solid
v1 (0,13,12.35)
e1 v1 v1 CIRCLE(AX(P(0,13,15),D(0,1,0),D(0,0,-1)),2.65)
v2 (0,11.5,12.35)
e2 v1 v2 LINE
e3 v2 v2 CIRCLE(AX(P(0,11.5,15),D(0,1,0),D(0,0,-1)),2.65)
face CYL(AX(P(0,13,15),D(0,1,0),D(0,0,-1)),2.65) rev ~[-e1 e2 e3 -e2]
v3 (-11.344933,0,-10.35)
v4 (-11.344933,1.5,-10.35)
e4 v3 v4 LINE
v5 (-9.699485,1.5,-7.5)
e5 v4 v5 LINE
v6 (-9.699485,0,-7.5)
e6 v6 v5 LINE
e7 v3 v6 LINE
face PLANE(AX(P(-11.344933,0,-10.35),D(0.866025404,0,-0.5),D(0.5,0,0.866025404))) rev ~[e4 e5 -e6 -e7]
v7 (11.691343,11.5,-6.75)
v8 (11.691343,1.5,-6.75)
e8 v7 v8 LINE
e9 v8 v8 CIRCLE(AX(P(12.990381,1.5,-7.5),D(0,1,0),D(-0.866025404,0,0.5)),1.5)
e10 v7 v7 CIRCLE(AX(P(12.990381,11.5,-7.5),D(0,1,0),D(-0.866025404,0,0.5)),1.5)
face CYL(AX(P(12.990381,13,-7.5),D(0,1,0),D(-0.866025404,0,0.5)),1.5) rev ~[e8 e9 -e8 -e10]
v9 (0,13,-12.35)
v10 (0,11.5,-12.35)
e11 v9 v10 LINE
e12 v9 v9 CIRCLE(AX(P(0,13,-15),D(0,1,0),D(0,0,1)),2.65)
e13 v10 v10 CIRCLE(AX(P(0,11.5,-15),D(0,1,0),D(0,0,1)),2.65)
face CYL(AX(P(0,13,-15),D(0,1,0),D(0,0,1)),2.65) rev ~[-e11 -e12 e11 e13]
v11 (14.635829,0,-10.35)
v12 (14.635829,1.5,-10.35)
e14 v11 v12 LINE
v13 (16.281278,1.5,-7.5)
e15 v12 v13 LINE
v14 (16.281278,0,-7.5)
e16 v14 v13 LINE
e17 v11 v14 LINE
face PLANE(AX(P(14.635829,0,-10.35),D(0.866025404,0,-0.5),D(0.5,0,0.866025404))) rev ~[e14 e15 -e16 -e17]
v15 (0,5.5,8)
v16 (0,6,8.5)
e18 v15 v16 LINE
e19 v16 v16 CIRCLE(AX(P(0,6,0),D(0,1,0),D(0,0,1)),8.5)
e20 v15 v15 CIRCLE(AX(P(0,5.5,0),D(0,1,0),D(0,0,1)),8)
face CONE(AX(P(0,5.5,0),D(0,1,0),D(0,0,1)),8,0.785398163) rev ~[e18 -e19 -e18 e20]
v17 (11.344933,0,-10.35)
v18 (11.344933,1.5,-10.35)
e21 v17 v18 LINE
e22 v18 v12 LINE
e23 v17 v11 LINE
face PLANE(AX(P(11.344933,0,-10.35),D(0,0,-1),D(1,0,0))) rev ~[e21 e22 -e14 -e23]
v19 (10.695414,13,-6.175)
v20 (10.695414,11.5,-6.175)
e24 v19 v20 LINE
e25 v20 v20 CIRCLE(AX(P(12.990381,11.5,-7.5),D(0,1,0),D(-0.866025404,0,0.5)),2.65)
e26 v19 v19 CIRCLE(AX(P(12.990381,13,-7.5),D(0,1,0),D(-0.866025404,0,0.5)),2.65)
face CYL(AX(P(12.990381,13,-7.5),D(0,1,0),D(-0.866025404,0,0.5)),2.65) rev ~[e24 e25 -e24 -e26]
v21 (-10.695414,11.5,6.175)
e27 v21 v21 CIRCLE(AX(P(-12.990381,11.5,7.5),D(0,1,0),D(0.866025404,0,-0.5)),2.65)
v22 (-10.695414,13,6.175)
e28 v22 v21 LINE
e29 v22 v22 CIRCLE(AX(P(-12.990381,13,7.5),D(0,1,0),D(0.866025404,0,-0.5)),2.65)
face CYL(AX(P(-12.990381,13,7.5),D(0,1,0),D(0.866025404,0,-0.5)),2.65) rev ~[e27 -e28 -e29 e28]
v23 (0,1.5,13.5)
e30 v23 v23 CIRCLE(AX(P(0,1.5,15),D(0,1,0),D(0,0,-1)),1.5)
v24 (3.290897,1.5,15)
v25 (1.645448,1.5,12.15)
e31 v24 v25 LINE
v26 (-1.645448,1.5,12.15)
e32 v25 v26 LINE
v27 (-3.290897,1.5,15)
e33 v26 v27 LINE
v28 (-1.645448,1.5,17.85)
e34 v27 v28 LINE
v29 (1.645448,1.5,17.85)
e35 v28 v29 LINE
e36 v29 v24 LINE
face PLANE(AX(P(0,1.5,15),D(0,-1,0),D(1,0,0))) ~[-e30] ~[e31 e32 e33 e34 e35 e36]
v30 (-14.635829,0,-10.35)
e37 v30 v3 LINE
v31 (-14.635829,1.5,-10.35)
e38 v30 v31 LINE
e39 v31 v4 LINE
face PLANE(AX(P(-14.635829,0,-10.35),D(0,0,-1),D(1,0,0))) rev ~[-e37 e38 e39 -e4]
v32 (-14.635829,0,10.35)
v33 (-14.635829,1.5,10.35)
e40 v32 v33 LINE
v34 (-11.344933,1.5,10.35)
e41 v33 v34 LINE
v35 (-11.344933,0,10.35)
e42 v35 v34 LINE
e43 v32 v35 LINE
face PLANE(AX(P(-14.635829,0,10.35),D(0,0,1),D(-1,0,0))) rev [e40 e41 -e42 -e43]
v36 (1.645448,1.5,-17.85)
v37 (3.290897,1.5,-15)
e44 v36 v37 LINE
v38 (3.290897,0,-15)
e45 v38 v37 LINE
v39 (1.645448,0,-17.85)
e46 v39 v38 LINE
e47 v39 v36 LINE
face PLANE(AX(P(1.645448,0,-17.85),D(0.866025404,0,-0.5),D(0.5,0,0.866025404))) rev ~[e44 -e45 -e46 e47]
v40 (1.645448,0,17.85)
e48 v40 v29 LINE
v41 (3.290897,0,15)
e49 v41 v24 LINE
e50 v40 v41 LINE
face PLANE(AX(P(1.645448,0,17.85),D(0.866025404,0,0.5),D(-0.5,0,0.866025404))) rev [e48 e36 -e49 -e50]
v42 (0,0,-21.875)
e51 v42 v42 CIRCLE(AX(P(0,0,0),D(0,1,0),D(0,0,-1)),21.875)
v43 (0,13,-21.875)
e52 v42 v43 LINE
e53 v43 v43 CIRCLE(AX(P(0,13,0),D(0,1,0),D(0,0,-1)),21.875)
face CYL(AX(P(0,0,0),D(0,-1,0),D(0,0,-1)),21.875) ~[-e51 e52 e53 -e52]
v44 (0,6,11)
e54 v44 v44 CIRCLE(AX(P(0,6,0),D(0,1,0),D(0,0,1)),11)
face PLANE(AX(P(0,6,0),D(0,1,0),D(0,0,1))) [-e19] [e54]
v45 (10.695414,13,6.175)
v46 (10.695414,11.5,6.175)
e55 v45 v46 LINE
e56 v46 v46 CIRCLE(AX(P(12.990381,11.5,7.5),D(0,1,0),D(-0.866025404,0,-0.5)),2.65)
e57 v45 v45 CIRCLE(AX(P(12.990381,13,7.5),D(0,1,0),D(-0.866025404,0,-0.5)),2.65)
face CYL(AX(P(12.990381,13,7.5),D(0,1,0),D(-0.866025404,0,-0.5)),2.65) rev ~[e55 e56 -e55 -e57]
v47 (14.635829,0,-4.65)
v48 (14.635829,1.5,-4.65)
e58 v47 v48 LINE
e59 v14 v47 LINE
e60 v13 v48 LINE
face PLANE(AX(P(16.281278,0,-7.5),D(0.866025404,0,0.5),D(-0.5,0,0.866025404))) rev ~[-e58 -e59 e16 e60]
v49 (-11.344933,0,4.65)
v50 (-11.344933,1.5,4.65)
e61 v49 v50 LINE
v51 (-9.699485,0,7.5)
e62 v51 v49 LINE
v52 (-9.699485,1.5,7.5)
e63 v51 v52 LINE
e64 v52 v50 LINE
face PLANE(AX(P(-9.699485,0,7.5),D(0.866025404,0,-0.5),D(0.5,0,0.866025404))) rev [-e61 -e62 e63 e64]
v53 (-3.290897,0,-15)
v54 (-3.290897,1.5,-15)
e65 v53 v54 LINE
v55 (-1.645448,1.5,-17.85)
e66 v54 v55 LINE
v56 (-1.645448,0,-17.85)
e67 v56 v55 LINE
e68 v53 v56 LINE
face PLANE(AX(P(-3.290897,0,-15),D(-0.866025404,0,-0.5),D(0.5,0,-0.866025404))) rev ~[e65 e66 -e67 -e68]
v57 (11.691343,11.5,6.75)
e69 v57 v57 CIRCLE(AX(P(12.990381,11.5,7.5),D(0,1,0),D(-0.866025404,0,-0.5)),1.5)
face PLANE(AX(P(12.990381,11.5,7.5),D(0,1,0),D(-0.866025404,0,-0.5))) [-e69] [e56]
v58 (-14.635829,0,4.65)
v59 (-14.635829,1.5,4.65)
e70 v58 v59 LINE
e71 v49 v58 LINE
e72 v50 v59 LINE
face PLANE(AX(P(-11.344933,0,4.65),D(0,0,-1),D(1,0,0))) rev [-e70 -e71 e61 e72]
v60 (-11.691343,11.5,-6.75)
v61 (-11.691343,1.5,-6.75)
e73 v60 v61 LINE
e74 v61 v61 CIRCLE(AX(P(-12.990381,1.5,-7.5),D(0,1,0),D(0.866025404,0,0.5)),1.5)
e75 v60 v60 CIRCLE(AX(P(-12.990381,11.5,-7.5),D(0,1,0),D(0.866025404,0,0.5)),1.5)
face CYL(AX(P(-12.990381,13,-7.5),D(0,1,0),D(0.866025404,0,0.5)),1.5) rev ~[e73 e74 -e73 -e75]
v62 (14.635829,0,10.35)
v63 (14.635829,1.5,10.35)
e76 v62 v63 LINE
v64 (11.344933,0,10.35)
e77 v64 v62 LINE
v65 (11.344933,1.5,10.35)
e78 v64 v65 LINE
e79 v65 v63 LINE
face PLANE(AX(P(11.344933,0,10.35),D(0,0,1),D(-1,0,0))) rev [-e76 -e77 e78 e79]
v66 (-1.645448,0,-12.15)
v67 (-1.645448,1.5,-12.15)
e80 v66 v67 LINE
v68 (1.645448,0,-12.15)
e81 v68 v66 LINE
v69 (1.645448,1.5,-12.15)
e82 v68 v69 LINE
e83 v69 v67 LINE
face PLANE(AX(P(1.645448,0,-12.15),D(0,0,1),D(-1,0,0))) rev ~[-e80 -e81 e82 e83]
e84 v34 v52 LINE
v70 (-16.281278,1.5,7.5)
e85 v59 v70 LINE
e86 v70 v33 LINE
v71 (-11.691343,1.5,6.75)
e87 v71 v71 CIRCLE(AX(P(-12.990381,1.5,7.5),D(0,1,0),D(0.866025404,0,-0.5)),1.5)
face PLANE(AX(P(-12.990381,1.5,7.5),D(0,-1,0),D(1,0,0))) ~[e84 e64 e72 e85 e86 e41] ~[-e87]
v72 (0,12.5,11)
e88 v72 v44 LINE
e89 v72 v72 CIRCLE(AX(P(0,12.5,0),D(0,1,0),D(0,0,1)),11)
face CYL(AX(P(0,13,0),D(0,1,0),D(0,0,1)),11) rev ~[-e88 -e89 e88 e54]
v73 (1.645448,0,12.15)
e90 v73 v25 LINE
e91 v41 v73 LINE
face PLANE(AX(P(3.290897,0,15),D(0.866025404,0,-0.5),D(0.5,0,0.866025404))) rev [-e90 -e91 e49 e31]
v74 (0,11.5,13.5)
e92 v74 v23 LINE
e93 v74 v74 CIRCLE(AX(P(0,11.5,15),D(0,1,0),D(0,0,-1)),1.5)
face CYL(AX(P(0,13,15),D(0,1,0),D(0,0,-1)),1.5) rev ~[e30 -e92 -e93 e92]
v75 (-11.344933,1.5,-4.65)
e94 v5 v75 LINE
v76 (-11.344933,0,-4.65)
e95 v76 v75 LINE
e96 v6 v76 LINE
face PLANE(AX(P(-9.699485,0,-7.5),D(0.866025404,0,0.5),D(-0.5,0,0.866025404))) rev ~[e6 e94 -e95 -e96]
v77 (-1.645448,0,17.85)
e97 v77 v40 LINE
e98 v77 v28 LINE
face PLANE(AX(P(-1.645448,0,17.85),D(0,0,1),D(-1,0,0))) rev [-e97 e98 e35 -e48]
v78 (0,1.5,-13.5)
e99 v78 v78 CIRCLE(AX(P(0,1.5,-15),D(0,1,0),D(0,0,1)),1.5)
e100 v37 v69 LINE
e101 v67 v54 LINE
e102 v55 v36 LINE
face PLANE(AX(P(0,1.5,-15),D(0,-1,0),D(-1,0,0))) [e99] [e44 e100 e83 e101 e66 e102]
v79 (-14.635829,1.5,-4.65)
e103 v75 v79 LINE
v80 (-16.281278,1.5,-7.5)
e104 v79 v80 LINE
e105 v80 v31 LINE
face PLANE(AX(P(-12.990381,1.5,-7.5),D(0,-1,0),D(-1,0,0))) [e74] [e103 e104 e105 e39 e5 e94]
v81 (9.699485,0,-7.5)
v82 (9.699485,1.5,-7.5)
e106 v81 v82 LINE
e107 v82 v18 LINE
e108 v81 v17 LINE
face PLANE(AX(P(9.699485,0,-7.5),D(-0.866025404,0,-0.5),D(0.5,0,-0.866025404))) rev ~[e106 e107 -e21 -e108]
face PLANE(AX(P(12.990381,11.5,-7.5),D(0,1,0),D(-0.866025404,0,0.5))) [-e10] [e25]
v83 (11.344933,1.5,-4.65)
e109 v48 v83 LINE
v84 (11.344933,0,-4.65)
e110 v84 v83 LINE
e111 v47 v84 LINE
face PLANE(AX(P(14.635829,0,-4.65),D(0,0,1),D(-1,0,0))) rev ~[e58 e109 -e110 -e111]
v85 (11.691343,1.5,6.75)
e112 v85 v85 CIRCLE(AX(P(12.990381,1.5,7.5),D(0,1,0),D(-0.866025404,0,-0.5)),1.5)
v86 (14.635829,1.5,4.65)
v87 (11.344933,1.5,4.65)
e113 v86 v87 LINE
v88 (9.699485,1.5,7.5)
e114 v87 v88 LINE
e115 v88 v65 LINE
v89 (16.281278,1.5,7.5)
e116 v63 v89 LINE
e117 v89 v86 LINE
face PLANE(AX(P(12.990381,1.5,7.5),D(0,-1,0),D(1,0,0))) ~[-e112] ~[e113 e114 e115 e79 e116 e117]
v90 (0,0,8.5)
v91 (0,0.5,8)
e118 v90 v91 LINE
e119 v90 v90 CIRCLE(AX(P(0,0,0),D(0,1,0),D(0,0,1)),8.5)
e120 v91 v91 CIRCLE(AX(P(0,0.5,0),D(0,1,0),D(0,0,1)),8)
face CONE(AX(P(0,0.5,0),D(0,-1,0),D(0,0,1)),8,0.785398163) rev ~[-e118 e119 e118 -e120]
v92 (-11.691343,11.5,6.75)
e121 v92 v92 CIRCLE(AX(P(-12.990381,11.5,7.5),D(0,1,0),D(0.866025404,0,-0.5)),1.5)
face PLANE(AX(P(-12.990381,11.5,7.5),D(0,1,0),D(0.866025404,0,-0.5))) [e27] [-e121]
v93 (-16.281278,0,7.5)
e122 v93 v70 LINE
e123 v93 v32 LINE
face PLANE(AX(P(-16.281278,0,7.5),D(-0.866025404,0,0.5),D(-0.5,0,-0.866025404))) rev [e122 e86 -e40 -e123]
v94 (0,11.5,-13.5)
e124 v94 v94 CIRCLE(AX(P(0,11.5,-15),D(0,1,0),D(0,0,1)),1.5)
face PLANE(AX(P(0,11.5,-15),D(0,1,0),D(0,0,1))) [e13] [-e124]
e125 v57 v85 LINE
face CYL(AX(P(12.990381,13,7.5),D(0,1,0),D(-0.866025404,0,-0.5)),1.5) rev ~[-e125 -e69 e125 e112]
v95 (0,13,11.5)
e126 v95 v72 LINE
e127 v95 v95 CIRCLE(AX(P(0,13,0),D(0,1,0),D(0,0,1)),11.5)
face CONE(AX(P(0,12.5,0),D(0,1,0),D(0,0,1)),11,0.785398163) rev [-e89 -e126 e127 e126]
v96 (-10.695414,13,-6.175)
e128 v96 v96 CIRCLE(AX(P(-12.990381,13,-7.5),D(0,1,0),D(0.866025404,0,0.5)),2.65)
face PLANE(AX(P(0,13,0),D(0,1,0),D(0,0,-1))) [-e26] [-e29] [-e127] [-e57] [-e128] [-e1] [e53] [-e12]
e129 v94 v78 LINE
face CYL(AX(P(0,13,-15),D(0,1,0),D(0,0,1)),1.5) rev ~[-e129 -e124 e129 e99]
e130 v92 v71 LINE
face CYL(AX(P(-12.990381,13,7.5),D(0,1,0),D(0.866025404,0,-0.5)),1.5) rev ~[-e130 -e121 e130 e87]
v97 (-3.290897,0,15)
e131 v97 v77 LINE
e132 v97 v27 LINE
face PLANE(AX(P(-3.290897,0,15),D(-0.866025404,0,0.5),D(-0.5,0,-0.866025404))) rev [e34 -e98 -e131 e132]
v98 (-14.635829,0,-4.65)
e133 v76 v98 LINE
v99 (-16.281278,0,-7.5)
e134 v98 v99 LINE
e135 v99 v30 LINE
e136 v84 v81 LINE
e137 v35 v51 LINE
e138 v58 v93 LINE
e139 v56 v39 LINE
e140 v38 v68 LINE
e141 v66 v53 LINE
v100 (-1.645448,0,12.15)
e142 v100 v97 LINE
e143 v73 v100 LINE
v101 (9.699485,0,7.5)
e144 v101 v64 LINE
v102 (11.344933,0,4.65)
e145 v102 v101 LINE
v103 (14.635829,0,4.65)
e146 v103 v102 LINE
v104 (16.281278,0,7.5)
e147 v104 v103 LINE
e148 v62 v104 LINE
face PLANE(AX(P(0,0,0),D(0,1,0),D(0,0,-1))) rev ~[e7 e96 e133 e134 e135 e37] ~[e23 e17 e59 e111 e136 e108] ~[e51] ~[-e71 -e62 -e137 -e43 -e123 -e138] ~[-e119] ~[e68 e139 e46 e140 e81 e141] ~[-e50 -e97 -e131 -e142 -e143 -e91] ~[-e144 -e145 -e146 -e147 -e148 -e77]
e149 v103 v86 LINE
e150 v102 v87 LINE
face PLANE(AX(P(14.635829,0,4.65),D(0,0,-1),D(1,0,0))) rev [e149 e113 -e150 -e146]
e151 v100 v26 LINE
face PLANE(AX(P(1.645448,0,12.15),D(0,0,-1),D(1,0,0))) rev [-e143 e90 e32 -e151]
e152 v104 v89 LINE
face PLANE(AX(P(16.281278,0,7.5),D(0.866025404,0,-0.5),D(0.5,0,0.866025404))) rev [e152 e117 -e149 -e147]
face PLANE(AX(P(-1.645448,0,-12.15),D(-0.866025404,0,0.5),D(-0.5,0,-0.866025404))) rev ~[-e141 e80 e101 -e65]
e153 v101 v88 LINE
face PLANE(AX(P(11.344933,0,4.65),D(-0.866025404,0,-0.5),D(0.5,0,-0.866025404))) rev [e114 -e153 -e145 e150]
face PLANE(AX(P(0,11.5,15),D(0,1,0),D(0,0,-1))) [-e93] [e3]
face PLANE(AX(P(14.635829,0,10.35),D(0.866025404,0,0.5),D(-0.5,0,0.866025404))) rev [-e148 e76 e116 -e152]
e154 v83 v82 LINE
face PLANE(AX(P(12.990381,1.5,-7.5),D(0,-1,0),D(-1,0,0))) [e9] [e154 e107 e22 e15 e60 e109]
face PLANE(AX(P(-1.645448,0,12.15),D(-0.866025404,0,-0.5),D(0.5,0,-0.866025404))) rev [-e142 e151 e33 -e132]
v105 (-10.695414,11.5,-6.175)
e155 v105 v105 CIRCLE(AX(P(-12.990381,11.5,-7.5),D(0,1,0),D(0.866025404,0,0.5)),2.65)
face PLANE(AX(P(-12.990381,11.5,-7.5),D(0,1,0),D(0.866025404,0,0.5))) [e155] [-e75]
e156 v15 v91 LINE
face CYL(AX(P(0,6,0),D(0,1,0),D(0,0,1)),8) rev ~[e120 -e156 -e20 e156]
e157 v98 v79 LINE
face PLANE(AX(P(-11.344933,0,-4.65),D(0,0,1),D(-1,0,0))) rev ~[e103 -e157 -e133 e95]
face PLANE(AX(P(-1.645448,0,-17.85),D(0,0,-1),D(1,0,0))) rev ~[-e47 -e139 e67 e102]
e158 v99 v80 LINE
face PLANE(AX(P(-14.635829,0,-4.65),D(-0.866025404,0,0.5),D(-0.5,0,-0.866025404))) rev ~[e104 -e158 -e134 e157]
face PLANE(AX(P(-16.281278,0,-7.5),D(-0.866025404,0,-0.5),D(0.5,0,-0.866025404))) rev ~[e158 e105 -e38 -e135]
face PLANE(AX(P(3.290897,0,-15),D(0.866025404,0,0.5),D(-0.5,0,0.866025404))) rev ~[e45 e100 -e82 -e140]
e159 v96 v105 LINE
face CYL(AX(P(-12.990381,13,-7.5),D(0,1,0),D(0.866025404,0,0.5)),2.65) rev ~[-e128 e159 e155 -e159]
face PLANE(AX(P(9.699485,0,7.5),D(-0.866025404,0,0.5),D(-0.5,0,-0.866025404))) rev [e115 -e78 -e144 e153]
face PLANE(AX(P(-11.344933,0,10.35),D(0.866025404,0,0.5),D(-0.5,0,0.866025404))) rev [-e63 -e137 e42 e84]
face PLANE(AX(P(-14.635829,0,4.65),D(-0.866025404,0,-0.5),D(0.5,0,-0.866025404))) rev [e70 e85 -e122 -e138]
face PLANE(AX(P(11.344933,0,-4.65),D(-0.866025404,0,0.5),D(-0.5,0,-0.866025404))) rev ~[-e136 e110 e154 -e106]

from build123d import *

# Parameters (mm, degrees)
SKETCH1_R           = 21.875
BOSS_EXTRUDE1_DEPTH = 13
SKETCH2_R           = 11
CUT_EXTRUDE1_DEPTH  = 7
CUT_EXTRUDE2_REACH  = 33.718
SKETCH3_R           = 8
CUT_EXTRUDE3_REACH  = 35.556
SKETCH4_R           = 1.5
CIRPATTERN1_COUNT   = 6
CHAMFER1_SIZE       = 0.5
SKETCH5_R           = 2.65
CUT_EXTRUDE4_DEPTH  = 1.5
CIRPATTERN2_COUNT   = 6
CUT_EXTRUDE5_DEPTH  = 1.5


with BuildPart() as part:
    # Sketch1 → Boss-Extrude1 (new body)
    with BuildSketch(Plane(origin=(0, 0, 0), x_dir=(1, 0, 0), z_dir=(0, 1, 0))):
        with Locations(Location((0, 0, 0), (0, 0, 90))):
            Circle(SKETCH1_R)
    extrude(amount=BOSS_EXTRUDE1_DEPTH)

    # Sketch2 → Cut-Extrude1 (cut)
    with BuildSketch(Plane(origin=(0, 13, 0), x_dir=(1, 0, 0), z_dir=(0, 1, 0))):
        with Locations(Location((0, 0, 0), (0, 0, 270))):
            Circle(SKETCH2_R)
    extrude(amount=-CUT_EXTRUDE1_DEPTH, mode=Mode.SUBTRACT)

    # Sketch3 → Cut-Extrude2 (cut, up to next)
    with BuildSketch(Plane(origin=(0, 6, 0), x_dir=(1, 0, 0), z_dir=(0, 1, 0)), mode=Mode.PRIVATE) as cut_extrude2_sk1:
        with Locations(Location((0, 0, 0), (0, 0, 270))):
            Circle(SKETCH3_R)
    cut_extrude2_tool1 = extrude(cut_extrude2_sk1.sketch, amount=-CUT_EXTRUDE2_REACH, mode=Mode.PRIVATE) & part.part
    add(cut_extrude2_tool1.solids().sort_by_distance((0, 6, 0))[0], mode=Mode.SUBTRACT)

    # Sketch4 → Cut-Extrude3 (cut, up to next)
    with BuildSketch(Plane(origin=(0, 13, 0), x_dir=(1, 0, 0), z_dir=(0, 1, 0)), mode=Mode.PRIVATE) as cut_extrude3_sk1:
        with Locations(Location((0, 15, 0), (0, 0, 270))):
            Circle(SKETCH4_R)
    cut_extrude3_tool1 = extrude(cut_extrude3_sk1.sketch, amount=-CUT_EXTRUDE3_REACH, mode=Mode.PRIVATE) & part.part
    cut_extrude3 = cut_extrude3_tool1.solids().sort_by_distance((0, 13, -15))[0]
    add(cut_extrude3, mode=Mode.SUBTRACT)

    # CirPattern1: Cut-Extrude3 ×6 about axis
    cirpattern1_axis = Axis((0, 0, 0), (0, 1, 0))
    for i in range(1, CIRPATTERN1_COUNT):
        add(cut_extrude3.rotate(cirpattern1_axis, i * 360 / CIRPATTERN1_COUNT), mode=Mode.SUBTRACT)

    # Chamfer1
    chamfer1_edges = [part.edges().sort_by_distance(p)[0] for p in [
        (0, 6, -8),
        (0, 0, -8),
        (0, 13, -11),
    ]]
    chamfer(chamfer1_edges, length=CHAMFER1_SIZE)

    # Sketch5 → Cut-Extrude4 (cut)
    with BuildSketch(Plane(origin=(0, 13, 0), x_dir=(1, 0, 0), z_dir=(0, 1, 0))):
        with Locations(Location((0, 15, 0), (0, 0, 270))):
            Circle(SKETCH5_R)
    cut_extrude4 = extrude(amount=-CUT_EXTRUDE4_DEPTH, mode=Mode.SUBTRACT)

    # CirPattern2: Cut-Extrude4 ×6 about axis
    cirpattern2_axis = Axis((0, 0, 0), (0, 1, 0))
    for i in range(1, CIRPATTERN2_COUNT):
        add(cut_extrude4.rotate(cirpattern2_axis, i * 360 / CIRPATTERN2_COUNT), mode=Mode.SUBTRACT)

    # Sketch6 → Cut-Extrude5 (cut)
    with BuildSketch(Plane(origin=(0, 0, 0), x_dir=(-1, 0, 0), z_dir=(0, -1, 0))):
        Polygon((14.635829324, 10.35), (11.34493279, 10.35), (9.699484522, 7.5), (11.34493279, 4.65), (14.635829324, 4.65), (16.281277591, 7.5), align=None)
        Polygon((3.290896534, 15), (1.645448267, 17.85), (-1.645448267, 17.85), (-3.290896534, 15), (-1.645448267, 12.15), (1.645448267, 12.15), align=None)
        Polygon((-11.34493279, 10.35), (-14.635829324, 10.35), (-16.281277591, 7.5), (-14.635829324, 4.65), (-11.34493279, 4.65), (-9.699484522, 7.5), align=None)
    cut_extrude5 = extrude(amount=-CUT_EXTRUDE5_DEPTH, mode=Mode.SUBTRACT)

    # Mirror1: Cut-Extrude5 across plane
    add(cut_extrude5.mirror(Plane.XY), mode=Mode.SUBTRACT)


solid = part.part
